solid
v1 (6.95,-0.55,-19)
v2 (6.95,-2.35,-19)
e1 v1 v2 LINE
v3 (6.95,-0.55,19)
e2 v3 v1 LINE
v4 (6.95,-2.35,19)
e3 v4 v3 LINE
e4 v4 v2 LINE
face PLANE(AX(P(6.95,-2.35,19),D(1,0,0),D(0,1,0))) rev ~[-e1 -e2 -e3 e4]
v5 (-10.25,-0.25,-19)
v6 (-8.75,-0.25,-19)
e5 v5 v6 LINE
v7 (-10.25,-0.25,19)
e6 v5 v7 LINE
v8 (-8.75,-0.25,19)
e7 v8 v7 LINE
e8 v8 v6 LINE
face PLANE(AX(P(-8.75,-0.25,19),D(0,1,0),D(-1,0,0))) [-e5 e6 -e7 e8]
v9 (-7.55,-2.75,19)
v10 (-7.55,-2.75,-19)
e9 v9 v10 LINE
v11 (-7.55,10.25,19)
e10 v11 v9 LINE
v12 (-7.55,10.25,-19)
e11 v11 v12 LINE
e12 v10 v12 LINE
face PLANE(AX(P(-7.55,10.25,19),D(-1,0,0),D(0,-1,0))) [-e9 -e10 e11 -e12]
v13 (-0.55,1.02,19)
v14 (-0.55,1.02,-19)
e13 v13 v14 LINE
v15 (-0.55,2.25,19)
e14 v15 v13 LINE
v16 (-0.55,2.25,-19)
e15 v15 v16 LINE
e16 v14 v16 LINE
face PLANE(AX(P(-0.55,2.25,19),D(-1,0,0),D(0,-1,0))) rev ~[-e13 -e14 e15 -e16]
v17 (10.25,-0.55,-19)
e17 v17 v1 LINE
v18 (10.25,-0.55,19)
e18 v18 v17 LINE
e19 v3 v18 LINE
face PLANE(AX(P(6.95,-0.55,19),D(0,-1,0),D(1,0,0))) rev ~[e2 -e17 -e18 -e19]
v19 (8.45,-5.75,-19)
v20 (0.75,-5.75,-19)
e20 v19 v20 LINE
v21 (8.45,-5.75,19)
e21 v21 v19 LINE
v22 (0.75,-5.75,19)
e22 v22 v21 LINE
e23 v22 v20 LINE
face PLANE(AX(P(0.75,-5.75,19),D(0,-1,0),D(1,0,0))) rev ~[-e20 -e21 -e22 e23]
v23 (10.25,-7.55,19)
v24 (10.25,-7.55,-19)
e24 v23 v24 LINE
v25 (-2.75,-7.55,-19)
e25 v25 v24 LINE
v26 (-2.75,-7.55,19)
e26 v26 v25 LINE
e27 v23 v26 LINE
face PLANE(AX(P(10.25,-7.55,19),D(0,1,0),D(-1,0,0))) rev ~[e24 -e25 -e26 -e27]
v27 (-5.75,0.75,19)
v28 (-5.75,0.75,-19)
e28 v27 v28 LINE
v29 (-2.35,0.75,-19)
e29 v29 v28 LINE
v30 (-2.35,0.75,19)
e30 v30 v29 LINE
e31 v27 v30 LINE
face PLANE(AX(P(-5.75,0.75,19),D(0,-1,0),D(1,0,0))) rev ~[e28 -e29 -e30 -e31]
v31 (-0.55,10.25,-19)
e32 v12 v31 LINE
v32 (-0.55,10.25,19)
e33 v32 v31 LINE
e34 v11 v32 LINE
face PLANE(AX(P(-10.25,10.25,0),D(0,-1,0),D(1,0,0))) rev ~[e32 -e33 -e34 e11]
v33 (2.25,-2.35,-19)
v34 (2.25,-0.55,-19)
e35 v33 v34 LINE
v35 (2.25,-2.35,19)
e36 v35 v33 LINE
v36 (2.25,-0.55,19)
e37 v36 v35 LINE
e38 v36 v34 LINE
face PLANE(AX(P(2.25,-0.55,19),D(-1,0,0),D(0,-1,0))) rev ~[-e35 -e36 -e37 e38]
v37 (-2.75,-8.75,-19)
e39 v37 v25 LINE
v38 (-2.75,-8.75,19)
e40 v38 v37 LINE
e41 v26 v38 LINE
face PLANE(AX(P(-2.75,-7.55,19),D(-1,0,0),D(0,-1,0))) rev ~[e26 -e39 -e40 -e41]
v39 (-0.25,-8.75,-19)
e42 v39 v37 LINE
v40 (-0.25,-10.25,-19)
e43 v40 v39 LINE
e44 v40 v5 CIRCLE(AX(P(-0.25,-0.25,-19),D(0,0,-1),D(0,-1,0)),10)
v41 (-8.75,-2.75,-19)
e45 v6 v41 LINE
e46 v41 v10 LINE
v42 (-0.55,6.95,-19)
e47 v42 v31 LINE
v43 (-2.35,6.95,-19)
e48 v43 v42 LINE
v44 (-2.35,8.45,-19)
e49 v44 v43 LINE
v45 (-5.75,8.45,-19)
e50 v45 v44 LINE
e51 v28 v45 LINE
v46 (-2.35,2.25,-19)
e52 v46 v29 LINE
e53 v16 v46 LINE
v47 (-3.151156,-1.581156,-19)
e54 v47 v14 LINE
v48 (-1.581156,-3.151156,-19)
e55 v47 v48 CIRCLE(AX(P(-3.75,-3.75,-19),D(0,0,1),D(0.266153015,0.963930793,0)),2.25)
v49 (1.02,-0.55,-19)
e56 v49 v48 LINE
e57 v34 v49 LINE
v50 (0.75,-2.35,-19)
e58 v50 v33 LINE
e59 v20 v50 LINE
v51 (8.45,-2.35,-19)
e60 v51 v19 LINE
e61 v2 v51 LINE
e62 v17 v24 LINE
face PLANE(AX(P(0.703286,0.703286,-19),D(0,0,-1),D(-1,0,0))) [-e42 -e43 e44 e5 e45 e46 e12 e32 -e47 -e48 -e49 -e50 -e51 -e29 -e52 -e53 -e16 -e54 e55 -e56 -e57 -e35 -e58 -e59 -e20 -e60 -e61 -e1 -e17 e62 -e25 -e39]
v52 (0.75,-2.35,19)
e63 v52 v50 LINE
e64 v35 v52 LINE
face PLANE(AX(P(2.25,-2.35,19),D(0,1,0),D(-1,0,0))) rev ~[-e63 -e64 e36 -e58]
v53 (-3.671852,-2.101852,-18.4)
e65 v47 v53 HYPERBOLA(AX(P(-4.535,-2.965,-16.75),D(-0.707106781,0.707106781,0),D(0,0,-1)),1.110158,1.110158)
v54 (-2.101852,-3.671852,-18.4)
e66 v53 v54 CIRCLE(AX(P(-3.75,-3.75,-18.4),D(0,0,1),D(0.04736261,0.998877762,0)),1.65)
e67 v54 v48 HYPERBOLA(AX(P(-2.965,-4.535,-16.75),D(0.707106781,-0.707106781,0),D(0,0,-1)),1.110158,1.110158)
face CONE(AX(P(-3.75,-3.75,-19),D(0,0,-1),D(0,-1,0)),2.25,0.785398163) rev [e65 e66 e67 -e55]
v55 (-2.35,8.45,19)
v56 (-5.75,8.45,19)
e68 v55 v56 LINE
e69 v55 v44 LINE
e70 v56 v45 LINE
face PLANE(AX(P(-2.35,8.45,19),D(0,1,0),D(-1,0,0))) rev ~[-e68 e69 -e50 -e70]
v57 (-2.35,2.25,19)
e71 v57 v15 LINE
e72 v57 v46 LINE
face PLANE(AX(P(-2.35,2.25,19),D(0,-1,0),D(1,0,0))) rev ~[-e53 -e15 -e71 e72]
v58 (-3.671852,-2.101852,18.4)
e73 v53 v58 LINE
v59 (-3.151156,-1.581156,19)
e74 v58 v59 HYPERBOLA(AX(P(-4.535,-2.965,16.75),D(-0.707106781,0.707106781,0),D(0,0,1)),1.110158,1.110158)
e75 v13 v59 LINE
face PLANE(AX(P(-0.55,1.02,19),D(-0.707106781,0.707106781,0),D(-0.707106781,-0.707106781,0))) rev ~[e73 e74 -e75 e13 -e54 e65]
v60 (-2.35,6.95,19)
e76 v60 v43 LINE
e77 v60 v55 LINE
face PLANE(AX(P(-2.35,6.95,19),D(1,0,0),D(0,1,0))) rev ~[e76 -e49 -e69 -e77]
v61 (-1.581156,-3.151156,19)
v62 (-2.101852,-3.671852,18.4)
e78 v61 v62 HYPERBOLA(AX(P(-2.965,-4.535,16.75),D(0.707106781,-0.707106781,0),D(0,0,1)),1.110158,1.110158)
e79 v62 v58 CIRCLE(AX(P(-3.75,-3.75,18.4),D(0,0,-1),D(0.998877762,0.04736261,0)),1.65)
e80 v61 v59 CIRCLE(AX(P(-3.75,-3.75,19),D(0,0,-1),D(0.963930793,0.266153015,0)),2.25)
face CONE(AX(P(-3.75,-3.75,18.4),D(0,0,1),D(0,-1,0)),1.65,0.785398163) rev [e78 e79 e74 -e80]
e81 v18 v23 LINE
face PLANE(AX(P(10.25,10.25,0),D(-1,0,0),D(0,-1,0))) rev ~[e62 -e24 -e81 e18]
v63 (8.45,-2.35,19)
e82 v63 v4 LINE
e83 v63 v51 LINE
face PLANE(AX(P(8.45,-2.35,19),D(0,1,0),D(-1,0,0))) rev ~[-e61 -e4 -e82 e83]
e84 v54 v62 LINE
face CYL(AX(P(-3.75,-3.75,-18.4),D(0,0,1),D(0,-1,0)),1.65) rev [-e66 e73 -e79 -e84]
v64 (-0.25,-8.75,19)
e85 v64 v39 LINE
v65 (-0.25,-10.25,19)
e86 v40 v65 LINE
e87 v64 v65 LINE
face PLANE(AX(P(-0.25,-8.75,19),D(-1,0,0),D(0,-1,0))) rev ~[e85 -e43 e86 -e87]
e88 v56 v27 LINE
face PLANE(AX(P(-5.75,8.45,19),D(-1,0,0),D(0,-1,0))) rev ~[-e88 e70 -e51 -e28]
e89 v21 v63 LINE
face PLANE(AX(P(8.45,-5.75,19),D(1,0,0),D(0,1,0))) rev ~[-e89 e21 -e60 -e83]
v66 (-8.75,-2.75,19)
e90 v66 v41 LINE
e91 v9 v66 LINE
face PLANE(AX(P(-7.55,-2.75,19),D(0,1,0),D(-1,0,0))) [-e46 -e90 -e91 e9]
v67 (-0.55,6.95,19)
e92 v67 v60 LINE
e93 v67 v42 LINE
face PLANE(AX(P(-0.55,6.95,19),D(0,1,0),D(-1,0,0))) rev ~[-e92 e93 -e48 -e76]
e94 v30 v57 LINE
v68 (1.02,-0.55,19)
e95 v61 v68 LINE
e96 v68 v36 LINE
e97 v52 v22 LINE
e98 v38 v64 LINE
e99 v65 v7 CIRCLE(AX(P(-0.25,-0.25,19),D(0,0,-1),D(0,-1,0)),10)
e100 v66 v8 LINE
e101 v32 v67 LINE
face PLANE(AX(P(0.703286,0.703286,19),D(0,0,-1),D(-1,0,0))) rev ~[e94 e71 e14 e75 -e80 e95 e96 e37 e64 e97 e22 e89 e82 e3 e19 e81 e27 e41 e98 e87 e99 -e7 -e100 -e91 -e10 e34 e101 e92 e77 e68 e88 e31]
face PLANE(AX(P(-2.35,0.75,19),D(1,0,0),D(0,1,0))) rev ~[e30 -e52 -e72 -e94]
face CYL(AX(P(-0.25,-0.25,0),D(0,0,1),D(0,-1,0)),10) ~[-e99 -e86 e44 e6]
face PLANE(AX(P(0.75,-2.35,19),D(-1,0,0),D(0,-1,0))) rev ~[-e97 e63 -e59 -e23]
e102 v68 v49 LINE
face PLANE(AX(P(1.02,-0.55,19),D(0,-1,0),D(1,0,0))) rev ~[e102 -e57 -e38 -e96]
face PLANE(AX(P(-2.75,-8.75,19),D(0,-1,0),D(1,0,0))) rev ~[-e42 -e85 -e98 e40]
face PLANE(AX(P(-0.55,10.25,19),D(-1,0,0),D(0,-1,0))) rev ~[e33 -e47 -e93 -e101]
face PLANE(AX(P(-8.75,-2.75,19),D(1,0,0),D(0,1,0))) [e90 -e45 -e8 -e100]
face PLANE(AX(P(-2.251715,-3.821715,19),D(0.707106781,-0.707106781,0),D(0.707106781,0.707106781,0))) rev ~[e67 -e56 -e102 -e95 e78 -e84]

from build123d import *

# Parameters (mm, degrees)
EXTRUDE1_DEPTH     = 19
CUT_EXTRUDE1_DEPTH = 39
CUT_EXTRUDE2_DEPTH = 39


with BuildPart() as part:
    # Sketch1 → Extrude1 (new body, symmetric)
    with BuildSketch(Plane.XY):
        with BuildLine():
            Line((-10.25, 10.25), (10.25, 10.25))
            Line((10.25, 10.25), (10.25, -10.25))
            Line((10.25, -10.25), (-0.25, -10.25))
            ThreePointArc((-0.25, -10.25), (-7.321067812, -7.321067812), (-10.25, -0.25))
            Line((-10.25, -0.25), (-10.25, 10.25))
        make_face()
    extrude(amount=EXTRUDE1_DEPTH, both=True)

    # Sketch2 → Cut-Extrude1 (cut, through all)
    with BuildSketch(Plane.XY.offset(19)):
        Polygon((10.25, -7.55), (-2.75, -7.55), (-2.75, -8.75), (-0.25, -8.75), (-0.25, -10.25), (10.25, -10.25), align=None)
        Polygon((-7.55, 10.25), (-7.55, -2.75), (-8.75, -2.75), (-8.75, -0.25), (-10.25, -0.25), (-10.25, 10.25), align=None)
    extrude(amount=-CUT_EXTRUDE1_DEPTH, mode=Mode.SUBTRACT)

    # Sketch3 → Cut-Extrude2 (cut, through all)
    with BuildSketch(Plane.XY.offset(19)):
        with BuildLine():
            Line((-0.55, 10.25), (-0.55, 6.95))
            Line((-0.55, 6.95), (-2.35, 6.95))
            Line((-2.35, 6.95), (-2.35, 8.45))
            Line((-2.35, 8.45), (-5.75, 8.45))
            Line((-5.75, 8.45), (-5.75, 0.75))
            Line((-5.75, 0.75), (-2.35, 0.75))
            Line((-2.35, 0.75), (-2.35, 2.25))
            Line((-2.35, 2.25), (-0.55, 2.25))
            Line((-0.55, 2.25), (-0.55, 1.02))
            Line((-0.55, 1.02), (-3.821715344, -2.251715344))
            ThreePointArc((-3.821715344, -2.251715344), (-4.810660172, -4.810660172), (-2.251715344, -3.821715344))
            Line((-2.251715344, -3.821715344), (1.02, -0.55))
            Line((1.02, -0.55), (2.25, -0.55))
            Line((2.25, -0.55), (2.25, -2.35))
            Line((2.25, -2.35), (0.75, -2.35))
            Line((0.75, -2.35), (0.75, -5.75))
            Line((0.75, -5.75), (8.45, -5.75))
            Line((8.45, -5.75), (8.45, -2.35))
            Line((8.45, -2.35), (6.95, -2.35))
            Line((6.95, -2.35), (6.95, -0.55))
            Line((6.95, -0.55), (10.25, -0.55))
            Line((10.25, -0.55), (10.25, 10.25))
            Line((10.25, 10.25), (-0.55, 10.25))
        make_face()
    extrude(amount=-CUT_EXTRUDE2_DEPTH, mode=Mode.SUBTRACT)

    # Esboço1 → Furo roscado de M41 (revolve, cut)
    with BuildSketch(Plane(origin=(-3.75, -3.75, 19), x_dir=(0, -1, 0), z_dir=(1, 0, 0))):
        Polygon((0, 0), (0, 38), (2.25, 38), (1.65, 37.4), (1.65, 0.6), (2.25, 0), align=None)
    revolve(axis=Axis((-3.75, -3.75, 25.35), (0, 0, -1)), mode=Mode.SUBTRACT)


solid = part.part
